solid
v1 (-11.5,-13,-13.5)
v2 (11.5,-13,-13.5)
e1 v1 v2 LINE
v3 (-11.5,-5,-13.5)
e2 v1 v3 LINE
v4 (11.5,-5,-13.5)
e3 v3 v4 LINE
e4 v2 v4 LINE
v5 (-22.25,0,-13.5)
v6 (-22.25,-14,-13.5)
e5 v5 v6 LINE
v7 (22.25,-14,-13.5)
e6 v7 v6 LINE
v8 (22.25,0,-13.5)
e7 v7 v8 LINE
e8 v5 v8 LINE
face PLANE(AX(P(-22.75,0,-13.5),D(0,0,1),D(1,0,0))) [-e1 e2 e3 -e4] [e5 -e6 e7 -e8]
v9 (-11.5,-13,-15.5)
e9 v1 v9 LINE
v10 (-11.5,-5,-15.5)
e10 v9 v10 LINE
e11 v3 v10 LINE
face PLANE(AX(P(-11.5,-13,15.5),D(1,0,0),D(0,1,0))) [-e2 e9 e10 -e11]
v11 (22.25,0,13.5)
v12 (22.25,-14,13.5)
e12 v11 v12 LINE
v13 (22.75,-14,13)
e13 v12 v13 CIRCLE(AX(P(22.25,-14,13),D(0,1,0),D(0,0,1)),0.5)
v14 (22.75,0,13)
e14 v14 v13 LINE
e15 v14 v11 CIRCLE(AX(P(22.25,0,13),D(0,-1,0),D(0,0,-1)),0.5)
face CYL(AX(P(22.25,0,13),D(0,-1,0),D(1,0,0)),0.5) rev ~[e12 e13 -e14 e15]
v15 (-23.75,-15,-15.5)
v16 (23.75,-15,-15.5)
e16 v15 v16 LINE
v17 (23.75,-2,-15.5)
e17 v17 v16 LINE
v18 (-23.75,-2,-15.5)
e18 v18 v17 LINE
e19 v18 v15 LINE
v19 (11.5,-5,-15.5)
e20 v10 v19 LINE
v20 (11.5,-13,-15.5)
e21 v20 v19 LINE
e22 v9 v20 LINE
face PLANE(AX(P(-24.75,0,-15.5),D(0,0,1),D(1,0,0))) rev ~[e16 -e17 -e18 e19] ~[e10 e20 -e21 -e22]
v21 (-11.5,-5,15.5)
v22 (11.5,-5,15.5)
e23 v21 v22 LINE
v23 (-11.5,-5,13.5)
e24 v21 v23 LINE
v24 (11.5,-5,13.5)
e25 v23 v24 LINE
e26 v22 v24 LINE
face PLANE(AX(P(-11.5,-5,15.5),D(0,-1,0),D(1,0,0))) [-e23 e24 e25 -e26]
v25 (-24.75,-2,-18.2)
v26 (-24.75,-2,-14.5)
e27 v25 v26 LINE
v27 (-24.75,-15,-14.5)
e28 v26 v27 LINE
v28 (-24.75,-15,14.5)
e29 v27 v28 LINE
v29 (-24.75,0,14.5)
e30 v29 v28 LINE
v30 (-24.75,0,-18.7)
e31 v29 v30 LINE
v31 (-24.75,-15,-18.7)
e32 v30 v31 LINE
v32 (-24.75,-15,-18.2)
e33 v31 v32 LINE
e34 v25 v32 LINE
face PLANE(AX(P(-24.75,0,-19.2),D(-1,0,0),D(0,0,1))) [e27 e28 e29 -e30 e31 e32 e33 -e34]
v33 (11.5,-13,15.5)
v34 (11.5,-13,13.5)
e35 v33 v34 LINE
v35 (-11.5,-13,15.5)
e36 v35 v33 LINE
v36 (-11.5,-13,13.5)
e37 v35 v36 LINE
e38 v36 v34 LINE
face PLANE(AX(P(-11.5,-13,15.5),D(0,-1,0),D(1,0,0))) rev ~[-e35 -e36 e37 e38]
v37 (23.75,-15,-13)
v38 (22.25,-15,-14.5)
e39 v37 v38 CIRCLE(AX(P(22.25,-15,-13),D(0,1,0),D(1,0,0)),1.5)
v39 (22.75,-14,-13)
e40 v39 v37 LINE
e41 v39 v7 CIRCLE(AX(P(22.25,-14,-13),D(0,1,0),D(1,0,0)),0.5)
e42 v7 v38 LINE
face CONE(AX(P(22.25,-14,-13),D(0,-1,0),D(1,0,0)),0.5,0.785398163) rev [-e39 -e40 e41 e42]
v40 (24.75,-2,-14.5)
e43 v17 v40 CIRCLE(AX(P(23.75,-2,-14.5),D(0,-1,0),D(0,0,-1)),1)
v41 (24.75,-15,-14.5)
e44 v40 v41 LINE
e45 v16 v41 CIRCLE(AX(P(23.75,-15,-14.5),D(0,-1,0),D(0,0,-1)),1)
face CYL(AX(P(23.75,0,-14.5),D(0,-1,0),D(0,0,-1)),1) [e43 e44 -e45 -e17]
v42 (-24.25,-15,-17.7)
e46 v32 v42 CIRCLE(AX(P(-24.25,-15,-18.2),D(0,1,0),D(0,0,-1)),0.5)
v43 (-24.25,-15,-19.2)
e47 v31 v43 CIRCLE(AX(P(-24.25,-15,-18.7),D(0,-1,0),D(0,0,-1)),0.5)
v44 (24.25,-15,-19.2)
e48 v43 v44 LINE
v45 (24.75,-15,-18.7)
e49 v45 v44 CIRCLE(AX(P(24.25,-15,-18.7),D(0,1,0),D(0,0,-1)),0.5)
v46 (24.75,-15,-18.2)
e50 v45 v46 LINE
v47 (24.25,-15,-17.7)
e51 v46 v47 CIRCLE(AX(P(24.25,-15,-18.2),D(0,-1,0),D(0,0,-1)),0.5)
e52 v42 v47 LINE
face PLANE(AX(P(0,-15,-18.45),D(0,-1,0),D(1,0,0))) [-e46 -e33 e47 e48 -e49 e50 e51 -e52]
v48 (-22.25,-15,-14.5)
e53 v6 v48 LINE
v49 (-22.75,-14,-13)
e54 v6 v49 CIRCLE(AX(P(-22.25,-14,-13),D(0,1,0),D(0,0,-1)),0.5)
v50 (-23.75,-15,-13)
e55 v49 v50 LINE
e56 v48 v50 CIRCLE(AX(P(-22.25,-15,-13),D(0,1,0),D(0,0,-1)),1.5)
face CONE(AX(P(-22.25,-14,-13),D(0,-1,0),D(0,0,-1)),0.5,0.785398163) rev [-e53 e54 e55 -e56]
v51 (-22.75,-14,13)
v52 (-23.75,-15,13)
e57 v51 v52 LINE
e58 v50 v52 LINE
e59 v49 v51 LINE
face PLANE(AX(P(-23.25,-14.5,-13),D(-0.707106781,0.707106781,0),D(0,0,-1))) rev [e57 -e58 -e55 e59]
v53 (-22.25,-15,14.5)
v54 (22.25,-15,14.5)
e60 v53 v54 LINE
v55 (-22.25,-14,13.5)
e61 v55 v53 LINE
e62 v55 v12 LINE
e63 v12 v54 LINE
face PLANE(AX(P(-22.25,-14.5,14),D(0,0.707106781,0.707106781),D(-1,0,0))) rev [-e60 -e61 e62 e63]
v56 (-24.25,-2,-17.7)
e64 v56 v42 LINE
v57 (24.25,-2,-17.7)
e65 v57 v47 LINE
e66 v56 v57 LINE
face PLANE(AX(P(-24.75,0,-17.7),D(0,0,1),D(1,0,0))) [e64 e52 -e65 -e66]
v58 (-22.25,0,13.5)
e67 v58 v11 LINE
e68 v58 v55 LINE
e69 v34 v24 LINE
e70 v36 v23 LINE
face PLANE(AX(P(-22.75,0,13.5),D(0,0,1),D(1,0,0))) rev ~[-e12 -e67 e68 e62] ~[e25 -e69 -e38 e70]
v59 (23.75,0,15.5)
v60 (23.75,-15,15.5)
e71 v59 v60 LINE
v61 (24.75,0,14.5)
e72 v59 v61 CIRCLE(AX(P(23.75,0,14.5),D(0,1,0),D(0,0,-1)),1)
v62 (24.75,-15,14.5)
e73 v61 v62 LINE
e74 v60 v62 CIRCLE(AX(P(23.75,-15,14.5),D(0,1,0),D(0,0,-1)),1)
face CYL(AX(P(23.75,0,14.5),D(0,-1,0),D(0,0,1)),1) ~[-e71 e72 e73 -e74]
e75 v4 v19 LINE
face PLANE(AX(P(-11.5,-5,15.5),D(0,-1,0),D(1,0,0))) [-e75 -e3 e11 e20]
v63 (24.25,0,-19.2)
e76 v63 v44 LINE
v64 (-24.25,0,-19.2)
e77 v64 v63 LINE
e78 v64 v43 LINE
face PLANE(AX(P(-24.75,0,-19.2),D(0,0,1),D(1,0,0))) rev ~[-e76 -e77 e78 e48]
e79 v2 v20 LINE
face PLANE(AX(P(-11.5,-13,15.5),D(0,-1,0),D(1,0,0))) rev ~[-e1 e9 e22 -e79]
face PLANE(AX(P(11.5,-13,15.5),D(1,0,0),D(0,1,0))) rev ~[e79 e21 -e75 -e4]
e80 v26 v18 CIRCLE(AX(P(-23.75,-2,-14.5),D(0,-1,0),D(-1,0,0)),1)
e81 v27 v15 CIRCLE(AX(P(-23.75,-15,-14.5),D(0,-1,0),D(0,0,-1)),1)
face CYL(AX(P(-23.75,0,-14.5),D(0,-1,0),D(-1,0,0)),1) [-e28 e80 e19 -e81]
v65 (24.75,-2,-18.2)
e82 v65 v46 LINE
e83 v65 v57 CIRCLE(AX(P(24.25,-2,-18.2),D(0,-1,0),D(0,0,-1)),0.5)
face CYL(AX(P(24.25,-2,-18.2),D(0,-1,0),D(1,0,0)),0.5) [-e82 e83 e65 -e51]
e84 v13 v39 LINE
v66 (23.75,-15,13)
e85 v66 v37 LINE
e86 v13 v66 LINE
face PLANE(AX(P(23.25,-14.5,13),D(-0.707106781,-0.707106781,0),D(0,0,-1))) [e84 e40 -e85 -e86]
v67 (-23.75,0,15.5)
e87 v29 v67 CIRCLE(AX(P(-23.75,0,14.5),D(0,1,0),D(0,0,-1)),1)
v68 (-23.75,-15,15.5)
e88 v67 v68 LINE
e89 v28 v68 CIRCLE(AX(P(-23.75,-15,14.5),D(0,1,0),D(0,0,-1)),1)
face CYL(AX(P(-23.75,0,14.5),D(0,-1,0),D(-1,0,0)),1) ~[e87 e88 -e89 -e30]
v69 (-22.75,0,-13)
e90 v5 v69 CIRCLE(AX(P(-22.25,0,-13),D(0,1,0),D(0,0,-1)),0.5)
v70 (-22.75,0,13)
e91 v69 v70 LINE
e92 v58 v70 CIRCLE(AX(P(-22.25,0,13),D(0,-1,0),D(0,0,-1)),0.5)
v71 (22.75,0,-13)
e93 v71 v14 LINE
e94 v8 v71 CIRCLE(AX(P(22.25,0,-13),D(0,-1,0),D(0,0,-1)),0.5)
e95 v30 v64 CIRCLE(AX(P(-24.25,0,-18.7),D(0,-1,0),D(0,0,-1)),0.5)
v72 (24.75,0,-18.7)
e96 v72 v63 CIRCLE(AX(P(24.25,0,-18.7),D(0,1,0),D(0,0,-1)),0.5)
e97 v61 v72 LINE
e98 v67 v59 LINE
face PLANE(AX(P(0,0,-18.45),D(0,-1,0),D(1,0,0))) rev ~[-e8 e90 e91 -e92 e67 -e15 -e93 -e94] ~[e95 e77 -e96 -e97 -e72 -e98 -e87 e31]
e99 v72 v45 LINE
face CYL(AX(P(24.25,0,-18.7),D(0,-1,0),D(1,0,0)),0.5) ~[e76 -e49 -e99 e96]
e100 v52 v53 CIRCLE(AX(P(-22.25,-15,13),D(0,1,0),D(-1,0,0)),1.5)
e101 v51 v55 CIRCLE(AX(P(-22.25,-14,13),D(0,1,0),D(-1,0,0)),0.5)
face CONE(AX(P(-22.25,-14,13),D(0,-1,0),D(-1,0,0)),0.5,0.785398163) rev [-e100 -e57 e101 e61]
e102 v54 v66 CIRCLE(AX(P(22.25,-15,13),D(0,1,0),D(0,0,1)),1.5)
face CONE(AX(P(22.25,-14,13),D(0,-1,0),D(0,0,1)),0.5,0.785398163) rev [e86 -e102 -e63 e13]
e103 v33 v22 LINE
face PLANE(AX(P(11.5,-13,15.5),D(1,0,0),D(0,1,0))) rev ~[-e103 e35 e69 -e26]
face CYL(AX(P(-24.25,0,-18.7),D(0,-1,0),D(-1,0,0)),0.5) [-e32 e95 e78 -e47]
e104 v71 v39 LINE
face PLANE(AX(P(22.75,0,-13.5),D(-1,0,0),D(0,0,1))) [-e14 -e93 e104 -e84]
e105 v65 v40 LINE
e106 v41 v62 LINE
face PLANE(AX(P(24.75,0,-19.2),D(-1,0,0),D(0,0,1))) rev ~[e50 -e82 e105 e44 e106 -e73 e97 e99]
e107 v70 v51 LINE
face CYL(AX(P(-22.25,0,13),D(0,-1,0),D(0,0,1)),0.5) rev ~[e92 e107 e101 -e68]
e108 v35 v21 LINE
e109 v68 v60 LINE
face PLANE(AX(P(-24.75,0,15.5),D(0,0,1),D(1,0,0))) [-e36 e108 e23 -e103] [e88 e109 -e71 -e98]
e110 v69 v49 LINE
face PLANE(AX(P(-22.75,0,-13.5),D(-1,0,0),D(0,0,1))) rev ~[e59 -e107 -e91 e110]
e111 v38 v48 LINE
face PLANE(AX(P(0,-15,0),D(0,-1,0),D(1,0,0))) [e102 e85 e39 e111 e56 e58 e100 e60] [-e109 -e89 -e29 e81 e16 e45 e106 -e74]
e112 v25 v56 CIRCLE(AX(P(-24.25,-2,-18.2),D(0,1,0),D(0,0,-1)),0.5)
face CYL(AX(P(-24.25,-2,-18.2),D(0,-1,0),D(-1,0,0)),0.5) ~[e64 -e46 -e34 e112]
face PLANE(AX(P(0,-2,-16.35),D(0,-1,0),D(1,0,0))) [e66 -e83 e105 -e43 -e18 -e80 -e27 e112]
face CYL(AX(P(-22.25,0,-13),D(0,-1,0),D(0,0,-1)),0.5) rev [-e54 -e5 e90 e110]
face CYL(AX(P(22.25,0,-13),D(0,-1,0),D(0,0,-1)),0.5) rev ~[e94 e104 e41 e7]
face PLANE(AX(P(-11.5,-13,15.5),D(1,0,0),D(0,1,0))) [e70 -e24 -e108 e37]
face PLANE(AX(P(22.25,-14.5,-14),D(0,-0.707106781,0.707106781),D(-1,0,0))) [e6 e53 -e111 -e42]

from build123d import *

# Parameters (mm, degrees)
F0_W     = 49.5
F0_H     = 31
F0_W_2   = 45.5
F0_H_2   = 27
F1_DEPTH = 15
F2_W     = 23
F2_H     = 8
F3_DEPTH = 31.001
F4_R     = 1
F5_R     = 0.5
F6_W     = 49.5
F6_H     = 1.5
F7_DEPTH = 15
F8_W     = 49.5
F8_H     = 5.7
F9_DEPTH = 2
F10_R    = 0.5
F11_SIZE = 1


with BuildPart() as f1:
    # F0 (on Front) → F1 (new body)
    with BuildSketch(Plane.XZ):
        Rectangle(F0_W, F0_H)
        Rectangle(F0_W_2, F0_H_2, mode=Mode.SUBTRACT)
    extrude(amount=F1_DEPTH)

    # F2 (on face) → F3 (cut, through all)
    with BuildSketch(Plane.XY.offset(15.5)):
        with Locations((0, -9)):
            Rectangle(F2_W, F2_H)
    extrude(amount=-F3_DEPTH, mode=Mode.SUBTRACT)

    # F4
    f4_edges = [f1.edges().sort_by_distance(p)[0] for p in [
        (24.75, -7.5, 15.5),
        (24.75, -7.5, -15.5),
        (-24.75, -7.5, 15.5),
        (-24.75, -7.5, -15.5),
    ]]
    fillet(f4_edges, radius=F4_R)

    # F5
    f5_edges = [f1.edges().sort_by_distance(p)[0] for p in [
        (-22.75, -7.5, 13.5),
        (22.75, -7.5, 13.5),
        (22.75, -7.5, -13.5),
        (-22.75, -7.5, -13.5),
    ]]
    fillet(f5_edges, radius=F5_R)



with BuildPart() as f7:
    # F6 (on Front) → F7 (new body, through all)
    with BuildSketch(Plane.XZ):
        with Locations((0, -18.45)):
            Rectangle(F6_W, F6_H)
    extrude(amount=F7_DEPTH)


with BuildPart() as f1_1:
    add(f1.part)

    add(f7.part)  # F9 merges F7
    # F8 (on Front) → F9 (join)
    with BuildSketch(Plane.XZ):
        with Locations((0, -16.35)):
            Rectangle(F8_W, F8_H)
    extrude(amount=F9_DEPTH)

    # F10
    f10_edges = [f1_1.edges().sort_by_distance(p)[0] for p in [
        (24.75, -7.5, -19.2),
        (24.75, -8.5, -17.7),
        (-24.75, -7.5, -19.2),
        (-24.75, -8.5, -17.7),
    ]]
    fillet(f10_edges, radius=F10_R)

    # F11
    f11_edges = [f1_1.edges().sort_by_distance(p)[0] for p in [
        (0, -15, 13.5),
    ]]
    chamfer(f11_edges, length=F11_SIZE)


solid = f1_1.part
